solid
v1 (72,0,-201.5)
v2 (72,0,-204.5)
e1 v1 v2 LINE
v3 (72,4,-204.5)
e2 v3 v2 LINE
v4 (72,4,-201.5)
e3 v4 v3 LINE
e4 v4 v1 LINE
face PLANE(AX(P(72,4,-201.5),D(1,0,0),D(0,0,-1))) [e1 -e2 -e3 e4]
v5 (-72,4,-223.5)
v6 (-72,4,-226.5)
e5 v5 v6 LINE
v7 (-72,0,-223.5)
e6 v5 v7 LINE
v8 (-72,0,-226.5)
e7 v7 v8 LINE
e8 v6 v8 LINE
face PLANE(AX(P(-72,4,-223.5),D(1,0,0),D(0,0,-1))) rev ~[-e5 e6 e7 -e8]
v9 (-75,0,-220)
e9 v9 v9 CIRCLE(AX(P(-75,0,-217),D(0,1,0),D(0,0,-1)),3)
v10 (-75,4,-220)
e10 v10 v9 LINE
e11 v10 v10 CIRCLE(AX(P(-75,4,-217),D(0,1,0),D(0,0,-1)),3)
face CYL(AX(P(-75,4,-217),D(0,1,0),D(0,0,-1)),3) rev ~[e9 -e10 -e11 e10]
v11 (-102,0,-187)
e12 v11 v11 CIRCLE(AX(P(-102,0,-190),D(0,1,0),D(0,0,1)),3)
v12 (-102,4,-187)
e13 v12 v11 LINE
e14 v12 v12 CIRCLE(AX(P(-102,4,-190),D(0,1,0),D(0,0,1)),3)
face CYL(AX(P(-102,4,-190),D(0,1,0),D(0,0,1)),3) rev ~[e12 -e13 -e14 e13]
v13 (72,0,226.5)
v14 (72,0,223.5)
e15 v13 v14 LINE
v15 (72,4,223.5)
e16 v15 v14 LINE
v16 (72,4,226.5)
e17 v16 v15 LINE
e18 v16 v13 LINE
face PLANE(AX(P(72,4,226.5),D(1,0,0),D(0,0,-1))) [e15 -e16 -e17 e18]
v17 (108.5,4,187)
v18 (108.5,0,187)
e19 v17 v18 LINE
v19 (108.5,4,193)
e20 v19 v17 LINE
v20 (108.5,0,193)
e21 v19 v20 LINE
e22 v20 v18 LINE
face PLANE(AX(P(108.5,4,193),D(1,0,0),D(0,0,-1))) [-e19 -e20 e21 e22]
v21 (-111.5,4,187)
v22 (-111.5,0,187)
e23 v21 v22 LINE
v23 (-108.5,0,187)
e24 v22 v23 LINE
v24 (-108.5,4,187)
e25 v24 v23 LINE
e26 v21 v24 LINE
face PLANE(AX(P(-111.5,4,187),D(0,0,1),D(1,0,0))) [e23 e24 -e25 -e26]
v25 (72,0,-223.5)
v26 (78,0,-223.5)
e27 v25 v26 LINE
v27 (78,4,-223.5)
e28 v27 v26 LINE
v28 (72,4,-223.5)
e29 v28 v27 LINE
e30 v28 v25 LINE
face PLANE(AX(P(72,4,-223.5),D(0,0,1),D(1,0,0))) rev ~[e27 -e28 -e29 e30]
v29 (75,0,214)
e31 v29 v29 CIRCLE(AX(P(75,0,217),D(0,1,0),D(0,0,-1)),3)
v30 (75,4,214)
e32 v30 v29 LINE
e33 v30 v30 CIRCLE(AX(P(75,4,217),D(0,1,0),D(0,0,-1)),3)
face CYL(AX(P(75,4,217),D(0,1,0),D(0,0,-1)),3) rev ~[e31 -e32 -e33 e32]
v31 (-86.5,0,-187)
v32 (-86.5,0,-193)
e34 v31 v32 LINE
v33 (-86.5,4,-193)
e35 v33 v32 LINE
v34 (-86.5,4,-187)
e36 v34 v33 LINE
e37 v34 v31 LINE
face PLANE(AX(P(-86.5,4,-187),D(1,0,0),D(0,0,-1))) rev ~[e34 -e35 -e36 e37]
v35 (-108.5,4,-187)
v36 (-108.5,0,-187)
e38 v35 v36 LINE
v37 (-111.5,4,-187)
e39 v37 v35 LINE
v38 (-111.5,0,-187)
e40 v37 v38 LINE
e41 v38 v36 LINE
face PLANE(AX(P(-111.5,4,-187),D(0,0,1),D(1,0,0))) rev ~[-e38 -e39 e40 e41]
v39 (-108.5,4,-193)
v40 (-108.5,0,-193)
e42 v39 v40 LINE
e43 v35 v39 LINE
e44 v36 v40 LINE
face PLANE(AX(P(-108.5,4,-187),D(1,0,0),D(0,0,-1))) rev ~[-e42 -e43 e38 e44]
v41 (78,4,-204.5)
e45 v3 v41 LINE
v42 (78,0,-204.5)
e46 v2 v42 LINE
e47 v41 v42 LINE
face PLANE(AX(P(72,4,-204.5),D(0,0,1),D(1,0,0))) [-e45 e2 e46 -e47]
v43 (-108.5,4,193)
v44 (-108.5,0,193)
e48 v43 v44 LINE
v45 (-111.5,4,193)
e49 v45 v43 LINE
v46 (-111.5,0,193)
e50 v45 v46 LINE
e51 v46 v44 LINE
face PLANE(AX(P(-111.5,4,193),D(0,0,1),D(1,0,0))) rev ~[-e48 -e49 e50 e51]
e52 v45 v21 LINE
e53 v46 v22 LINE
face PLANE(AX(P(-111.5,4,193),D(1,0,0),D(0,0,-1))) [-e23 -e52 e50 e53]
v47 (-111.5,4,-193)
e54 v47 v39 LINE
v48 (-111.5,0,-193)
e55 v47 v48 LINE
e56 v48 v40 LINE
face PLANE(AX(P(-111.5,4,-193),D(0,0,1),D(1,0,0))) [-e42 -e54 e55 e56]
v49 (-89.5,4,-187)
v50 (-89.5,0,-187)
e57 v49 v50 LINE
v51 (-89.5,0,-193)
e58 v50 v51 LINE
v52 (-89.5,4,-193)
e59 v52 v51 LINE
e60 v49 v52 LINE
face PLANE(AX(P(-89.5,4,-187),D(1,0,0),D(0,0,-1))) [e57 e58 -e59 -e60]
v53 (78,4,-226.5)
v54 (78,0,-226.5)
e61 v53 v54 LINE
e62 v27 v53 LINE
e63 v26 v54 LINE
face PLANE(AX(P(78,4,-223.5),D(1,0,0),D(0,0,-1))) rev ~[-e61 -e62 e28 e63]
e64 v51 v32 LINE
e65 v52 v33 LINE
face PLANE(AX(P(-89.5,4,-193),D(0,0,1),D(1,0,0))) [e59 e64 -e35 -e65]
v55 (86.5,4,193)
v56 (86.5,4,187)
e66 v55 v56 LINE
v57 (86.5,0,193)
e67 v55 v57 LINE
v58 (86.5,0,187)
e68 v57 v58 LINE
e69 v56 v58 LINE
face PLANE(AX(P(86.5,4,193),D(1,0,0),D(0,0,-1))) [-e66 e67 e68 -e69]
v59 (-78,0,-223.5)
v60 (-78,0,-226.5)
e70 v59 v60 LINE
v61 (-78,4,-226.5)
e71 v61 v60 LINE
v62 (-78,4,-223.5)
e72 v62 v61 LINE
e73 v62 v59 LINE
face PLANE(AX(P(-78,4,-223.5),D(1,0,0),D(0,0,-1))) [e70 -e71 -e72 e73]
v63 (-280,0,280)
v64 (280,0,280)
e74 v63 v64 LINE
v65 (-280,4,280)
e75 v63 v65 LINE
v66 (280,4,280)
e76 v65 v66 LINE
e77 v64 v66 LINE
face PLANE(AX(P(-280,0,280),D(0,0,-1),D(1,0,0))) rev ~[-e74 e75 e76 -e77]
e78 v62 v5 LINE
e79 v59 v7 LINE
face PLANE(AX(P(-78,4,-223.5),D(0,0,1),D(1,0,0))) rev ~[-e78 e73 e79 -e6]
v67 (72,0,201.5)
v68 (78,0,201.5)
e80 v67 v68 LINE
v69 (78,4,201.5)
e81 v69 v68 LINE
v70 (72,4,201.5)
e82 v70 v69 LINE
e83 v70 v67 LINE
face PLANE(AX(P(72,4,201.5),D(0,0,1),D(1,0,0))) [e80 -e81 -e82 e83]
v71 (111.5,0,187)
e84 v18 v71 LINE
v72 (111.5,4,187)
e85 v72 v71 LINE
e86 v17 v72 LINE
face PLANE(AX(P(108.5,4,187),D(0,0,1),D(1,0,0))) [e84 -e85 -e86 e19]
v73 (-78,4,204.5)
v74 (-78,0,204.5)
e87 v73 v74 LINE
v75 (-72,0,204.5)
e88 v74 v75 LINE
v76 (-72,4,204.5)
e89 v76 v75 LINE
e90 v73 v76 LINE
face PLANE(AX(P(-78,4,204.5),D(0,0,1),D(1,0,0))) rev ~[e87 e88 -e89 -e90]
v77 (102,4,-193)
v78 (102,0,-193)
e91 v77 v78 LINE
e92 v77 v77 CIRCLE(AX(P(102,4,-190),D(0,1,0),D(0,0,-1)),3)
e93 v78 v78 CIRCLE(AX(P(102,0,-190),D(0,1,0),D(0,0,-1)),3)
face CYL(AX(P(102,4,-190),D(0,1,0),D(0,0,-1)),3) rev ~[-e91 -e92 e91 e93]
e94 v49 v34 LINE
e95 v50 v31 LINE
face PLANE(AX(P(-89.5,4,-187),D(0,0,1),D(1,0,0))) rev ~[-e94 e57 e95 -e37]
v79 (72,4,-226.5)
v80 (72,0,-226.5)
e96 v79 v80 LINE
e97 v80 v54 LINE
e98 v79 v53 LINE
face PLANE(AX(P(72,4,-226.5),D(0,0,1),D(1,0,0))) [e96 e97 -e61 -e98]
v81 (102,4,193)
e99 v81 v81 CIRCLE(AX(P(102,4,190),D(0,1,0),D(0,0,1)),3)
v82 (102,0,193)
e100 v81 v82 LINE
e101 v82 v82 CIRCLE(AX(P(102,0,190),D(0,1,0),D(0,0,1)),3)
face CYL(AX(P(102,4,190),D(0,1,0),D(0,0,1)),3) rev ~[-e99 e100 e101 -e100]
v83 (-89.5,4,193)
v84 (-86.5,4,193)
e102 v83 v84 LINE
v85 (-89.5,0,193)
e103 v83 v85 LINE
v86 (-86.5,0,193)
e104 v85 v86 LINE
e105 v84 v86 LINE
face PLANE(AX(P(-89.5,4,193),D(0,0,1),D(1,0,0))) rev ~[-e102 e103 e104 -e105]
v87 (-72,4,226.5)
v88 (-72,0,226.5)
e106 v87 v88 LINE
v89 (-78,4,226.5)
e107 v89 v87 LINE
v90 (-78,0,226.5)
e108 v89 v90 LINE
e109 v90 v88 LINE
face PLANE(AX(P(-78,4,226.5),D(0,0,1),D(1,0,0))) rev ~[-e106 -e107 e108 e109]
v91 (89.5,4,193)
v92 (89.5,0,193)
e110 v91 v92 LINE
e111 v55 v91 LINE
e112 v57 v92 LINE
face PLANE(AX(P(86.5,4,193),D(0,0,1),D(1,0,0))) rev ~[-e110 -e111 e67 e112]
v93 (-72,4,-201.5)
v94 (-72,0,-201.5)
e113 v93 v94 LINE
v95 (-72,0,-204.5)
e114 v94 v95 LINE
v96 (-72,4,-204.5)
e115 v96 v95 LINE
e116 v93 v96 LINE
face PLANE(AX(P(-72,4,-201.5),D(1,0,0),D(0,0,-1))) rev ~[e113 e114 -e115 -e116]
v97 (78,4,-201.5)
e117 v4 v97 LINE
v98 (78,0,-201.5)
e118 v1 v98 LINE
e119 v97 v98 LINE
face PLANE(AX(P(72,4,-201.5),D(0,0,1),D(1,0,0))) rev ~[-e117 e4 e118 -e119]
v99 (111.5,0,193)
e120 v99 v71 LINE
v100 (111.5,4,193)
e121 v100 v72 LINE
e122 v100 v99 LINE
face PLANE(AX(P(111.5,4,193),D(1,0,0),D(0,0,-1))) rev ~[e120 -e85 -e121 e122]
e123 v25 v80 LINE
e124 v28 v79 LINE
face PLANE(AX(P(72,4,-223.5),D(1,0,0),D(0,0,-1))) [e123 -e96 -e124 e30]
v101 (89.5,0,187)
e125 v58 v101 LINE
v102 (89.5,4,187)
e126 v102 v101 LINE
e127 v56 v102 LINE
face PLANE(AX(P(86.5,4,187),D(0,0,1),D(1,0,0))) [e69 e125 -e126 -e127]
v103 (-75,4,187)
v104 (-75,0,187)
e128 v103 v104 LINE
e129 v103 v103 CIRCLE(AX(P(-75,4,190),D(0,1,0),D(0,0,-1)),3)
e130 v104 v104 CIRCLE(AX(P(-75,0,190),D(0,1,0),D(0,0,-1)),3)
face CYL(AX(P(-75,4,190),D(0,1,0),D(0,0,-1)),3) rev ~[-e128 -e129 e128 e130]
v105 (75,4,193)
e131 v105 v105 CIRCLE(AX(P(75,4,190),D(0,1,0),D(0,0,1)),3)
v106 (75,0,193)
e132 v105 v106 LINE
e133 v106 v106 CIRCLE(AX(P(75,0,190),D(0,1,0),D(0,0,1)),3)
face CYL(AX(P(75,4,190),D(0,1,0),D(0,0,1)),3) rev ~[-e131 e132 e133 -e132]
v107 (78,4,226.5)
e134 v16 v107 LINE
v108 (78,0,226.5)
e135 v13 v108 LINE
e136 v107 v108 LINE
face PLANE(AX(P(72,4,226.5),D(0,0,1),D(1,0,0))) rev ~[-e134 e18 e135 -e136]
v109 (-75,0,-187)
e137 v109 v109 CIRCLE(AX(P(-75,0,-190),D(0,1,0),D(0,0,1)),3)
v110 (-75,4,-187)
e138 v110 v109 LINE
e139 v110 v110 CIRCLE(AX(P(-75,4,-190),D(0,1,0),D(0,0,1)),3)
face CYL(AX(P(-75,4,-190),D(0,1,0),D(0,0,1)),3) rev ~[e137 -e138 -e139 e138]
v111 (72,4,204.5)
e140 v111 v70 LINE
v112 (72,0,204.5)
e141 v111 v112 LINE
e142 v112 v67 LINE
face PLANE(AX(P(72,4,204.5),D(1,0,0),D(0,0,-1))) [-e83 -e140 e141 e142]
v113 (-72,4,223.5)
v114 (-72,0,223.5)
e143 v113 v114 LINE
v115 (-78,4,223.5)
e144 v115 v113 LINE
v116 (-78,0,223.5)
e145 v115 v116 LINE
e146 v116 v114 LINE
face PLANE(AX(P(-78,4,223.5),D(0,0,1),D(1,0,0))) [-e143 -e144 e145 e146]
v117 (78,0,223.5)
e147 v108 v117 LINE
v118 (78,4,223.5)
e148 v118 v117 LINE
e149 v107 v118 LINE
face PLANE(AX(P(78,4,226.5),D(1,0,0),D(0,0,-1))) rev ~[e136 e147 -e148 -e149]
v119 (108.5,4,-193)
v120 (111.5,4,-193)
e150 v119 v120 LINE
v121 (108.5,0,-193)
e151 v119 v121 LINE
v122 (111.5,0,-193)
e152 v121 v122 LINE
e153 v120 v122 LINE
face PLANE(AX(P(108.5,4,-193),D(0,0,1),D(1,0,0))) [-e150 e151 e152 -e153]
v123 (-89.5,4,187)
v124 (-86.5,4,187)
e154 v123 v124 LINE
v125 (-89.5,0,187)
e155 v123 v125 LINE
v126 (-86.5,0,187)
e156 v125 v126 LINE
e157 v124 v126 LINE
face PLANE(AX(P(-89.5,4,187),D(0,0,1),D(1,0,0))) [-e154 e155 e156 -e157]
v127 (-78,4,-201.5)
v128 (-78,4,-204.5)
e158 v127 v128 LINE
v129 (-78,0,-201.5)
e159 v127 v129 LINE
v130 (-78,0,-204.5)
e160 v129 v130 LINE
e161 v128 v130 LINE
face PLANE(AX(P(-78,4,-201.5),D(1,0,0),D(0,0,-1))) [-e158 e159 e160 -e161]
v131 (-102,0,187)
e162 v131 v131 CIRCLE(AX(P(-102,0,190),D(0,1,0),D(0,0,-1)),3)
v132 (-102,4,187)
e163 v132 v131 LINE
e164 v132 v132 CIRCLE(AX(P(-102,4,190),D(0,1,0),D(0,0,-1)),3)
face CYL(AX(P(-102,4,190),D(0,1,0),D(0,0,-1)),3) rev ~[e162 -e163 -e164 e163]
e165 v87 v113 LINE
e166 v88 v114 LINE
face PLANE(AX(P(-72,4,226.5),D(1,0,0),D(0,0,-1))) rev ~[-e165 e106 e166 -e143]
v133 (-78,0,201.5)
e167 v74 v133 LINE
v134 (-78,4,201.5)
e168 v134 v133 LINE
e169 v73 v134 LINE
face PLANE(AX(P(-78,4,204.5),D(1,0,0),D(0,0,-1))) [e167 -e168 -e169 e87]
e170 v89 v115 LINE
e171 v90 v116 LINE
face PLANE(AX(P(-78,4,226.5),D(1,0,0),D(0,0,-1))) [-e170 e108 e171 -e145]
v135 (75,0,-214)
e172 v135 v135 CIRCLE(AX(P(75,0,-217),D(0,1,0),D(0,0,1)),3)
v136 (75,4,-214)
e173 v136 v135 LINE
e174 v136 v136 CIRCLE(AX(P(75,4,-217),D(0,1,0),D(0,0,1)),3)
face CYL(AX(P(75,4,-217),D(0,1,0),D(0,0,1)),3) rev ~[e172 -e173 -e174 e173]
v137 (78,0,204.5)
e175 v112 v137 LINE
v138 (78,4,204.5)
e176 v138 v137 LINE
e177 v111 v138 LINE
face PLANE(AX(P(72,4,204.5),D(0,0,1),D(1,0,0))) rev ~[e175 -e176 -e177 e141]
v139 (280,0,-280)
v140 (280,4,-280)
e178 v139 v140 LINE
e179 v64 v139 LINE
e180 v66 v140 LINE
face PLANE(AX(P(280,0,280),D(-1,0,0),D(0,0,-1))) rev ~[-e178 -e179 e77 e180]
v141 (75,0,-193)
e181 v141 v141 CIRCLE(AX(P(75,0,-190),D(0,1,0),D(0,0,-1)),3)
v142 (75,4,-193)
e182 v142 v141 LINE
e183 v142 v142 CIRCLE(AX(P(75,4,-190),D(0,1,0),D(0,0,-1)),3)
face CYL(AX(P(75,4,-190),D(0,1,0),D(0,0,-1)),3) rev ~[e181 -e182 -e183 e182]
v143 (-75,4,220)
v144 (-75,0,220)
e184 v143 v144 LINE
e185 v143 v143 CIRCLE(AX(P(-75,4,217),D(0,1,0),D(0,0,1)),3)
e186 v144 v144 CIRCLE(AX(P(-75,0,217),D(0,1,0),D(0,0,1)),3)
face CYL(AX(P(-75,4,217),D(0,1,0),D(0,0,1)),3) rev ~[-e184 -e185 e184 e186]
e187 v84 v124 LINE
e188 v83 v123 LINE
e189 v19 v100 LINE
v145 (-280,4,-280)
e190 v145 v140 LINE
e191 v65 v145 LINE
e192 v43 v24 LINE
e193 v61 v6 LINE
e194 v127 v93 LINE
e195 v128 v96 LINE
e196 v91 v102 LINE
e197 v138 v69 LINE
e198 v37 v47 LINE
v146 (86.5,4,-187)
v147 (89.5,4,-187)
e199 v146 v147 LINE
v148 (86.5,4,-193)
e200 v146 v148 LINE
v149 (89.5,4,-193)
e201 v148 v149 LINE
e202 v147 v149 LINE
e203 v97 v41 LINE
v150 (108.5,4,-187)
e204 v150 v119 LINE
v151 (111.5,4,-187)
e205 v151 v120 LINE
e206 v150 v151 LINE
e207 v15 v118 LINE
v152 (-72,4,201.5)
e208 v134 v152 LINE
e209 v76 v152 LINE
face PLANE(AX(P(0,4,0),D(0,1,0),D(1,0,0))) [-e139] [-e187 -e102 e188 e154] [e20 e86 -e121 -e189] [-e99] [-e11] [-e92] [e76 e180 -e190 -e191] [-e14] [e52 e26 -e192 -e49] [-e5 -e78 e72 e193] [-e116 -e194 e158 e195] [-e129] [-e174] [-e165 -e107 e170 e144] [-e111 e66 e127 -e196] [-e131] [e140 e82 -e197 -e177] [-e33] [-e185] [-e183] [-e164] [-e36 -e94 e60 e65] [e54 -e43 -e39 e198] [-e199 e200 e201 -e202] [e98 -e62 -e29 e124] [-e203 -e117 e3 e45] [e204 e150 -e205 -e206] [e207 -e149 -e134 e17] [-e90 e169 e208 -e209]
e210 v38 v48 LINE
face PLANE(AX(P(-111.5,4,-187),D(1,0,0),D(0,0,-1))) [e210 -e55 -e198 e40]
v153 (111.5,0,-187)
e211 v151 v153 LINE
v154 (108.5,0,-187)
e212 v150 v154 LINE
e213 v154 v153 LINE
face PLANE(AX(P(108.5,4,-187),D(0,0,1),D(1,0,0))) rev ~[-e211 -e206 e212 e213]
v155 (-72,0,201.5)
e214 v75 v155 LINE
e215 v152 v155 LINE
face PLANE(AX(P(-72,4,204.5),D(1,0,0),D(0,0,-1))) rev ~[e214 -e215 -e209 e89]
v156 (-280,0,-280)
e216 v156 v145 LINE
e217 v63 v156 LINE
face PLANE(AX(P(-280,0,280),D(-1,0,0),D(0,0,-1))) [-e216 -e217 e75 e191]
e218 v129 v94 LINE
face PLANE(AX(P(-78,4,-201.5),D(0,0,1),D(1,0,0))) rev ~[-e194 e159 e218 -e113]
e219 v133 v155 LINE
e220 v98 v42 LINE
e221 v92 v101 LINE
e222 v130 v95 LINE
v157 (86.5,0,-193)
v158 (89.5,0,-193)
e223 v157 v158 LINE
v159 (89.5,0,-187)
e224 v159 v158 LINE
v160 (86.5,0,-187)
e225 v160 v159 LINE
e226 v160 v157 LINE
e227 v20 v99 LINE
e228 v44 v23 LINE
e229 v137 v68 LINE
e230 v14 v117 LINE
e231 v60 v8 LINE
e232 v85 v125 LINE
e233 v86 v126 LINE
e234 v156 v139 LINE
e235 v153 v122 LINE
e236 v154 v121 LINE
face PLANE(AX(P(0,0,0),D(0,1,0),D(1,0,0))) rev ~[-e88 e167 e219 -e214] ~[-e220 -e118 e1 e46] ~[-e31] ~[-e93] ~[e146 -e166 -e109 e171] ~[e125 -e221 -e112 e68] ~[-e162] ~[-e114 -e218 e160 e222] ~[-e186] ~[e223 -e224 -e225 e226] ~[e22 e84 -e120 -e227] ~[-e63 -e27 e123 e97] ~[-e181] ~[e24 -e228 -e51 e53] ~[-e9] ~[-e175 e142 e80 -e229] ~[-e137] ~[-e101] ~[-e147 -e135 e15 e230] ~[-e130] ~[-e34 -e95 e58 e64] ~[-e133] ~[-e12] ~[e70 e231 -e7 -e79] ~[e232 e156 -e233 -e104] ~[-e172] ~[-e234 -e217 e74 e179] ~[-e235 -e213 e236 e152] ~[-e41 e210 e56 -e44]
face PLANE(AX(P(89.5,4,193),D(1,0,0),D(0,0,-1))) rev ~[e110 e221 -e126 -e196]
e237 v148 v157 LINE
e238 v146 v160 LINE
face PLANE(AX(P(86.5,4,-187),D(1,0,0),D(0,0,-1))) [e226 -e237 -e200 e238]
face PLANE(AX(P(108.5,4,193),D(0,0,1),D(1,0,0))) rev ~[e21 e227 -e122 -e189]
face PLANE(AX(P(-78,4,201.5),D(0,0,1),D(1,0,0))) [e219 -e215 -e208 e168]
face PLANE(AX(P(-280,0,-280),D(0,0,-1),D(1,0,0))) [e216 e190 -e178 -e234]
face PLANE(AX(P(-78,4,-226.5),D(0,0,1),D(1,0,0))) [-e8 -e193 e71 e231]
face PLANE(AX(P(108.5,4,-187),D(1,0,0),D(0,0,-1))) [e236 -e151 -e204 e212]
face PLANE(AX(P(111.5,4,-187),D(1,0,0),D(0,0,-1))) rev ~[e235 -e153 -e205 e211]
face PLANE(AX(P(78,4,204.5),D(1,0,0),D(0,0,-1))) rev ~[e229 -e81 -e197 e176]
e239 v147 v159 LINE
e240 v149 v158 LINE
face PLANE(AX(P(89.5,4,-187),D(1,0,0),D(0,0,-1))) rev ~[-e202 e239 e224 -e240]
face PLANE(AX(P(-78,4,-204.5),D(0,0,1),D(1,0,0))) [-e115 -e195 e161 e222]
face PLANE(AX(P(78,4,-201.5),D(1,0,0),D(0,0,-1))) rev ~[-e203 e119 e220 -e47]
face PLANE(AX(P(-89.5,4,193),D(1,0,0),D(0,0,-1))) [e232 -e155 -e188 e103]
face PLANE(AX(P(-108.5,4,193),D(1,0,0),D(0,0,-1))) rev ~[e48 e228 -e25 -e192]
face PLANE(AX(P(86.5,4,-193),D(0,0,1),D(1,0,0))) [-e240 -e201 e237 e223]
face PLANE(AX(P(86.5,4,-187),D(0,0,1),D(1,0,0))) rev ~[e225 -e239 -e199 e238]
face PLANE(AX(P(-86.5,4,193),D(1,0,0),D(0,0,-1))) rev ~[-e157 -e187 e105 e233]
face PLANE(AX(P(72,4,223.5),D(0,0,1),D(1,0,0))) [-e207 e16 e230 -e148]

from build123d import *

# Parameters (mm, degrees)
SKETCH_1_W          = 560
SKETCH_1_H          = 560
EXTRUDE_1_DEPTH     = 4
SKETCH_2_R          = 3
SKETCH_2_W          = 3
SKETCH_2_H          = 6
SKETCH_2_W_2        = 6
SKETCH_2_H_2        = 3
CUT_EXTRUDE_1_DEPTH = 4


with BuildPart() as part:
    # 草图1 → 凸台-拉伸1 (new body)
    with BuildSketch(Plane(origin=(0, 0, 0), x_dir=(1, 0, 0), z_dir=(0, 1, 0))):
        Rectangle(SKETCH_1_W, SKETCH_1_H)
    extrude(amount=EXTRUDE_1_DEPTH)

    # 草图2 → 切除-拉伸1 (cut)
    with BuildSketch(Plane(origin=(0, 4, 0), x_dir=(1, 0, 0), z_dir=(0, 1, 0))):
        with Locations(Location((-75, 190, 0), (0, 0, 270))):
            Circle(SKETCH_2_R)
        with Locations(Location((-102, 190, 0), (0, 0, 270))):
            Circle(SKETCH_2_R)
        with Locations(Location((-75, 217, 0), (0, 0, 90))):
            Circle(SKETCH_2_R)
        with Locations(Location((75, 217, 0), (0, 0, 270))):
            Circle(SKETCH_2_R)
        with Locations(Location((102, 190, 0), (0, 0, 90))):
            Circle(SKETCH_2_R)
        with Locations(Location((75, 190, 0), (0, 0, 90))):
            Circle(SKETCH_2_R)
        with Locations(Location((75, -190, 0), (0, 0, 270))):
            Circle(SKETCH_2_R)
        with Locations(Location((102, -190, 0), (0, 0, 270))):
            Circle(SKETCH_2_R)
        with Locations(Location((75, -217, 0), (0, 0, 90))):
            Circle(SKETCH_2_R)
        with Locations(Location((-75, -217, 0), (0, 0, 270))):
            Circle(SKETCH_2_R)
        with Locations(Location((-102, -190, 0), (0, 0, 90))):
            Circle(SKETCH_2_R)
        with Locations(Location((-75, -190, 0), (0, 0, 90))):
            Circle(SKETCH_2_R)
        with Locations((-88, 190)):
            Rectangle(SKETCH_2_W, SKETCH_2_H)
        with Locations((-110, 190)):
            Rectangle(SKETCH_2_W, SKETCH_2_H)
        with Locations((-75, 225)):
            Rectangle(SKETCH_2_W_2, SKETCH_2_H_2)
        with Locations((-75, 203)):
            Rectangle(SKETCH_2_W_2, SKETCH_2_H_2)
        with Locations((75, 203)):
            Rectangle(SKETCH_2_W_2, SKETCH_2_H_2)
        with Locations((75, 225)):
            Rectangle(SKETCH_2_W_2, SKETCH_2_H_2)
        with Locations((110, 190)):
            Rectangle(SKETCH_2_W, SKETCH_2_H)
        with Locations((88, 190)):
            Rectangle(SKETCH_2_W, SKETCH_2_H)
        with Locations((88, -190)):
            Rectangle(SKETCH_2_W, SKETCH_2_H)
        with Locations((110, -190)):
            Rectangle(SKETCH_2_W, SKETCH_2_H)
        with Locations((75, -225)):
            Rectangle(SKETCH_2_W_2, SKETCH_2_H_2)
        with Locations((75, -203)):
            Rectangle(SKETCH_2_W_2, SKETCH_2_H_2)
        with Locations((-75, -203)):
            Rectangle(SKETCH_2_W_2, SKETCH_2_H_2)
        with Locations((-75, -225)):
            Rectangle(SKETCH_2_W_2, SKETCH_2_H_2)
        with Locations((-110, -190)):
            Rectangle(SKETCH_2_W, SKETCH_2_H)
        with Locations((-88, -190)):
            Rectangle(SKETCH_2_W, SKETCH_2_H)
    extrude(amount=-CUT_EXTRUDE_1_DEPTH, mode=Mode.SUBTRACT)


solid = part.part
